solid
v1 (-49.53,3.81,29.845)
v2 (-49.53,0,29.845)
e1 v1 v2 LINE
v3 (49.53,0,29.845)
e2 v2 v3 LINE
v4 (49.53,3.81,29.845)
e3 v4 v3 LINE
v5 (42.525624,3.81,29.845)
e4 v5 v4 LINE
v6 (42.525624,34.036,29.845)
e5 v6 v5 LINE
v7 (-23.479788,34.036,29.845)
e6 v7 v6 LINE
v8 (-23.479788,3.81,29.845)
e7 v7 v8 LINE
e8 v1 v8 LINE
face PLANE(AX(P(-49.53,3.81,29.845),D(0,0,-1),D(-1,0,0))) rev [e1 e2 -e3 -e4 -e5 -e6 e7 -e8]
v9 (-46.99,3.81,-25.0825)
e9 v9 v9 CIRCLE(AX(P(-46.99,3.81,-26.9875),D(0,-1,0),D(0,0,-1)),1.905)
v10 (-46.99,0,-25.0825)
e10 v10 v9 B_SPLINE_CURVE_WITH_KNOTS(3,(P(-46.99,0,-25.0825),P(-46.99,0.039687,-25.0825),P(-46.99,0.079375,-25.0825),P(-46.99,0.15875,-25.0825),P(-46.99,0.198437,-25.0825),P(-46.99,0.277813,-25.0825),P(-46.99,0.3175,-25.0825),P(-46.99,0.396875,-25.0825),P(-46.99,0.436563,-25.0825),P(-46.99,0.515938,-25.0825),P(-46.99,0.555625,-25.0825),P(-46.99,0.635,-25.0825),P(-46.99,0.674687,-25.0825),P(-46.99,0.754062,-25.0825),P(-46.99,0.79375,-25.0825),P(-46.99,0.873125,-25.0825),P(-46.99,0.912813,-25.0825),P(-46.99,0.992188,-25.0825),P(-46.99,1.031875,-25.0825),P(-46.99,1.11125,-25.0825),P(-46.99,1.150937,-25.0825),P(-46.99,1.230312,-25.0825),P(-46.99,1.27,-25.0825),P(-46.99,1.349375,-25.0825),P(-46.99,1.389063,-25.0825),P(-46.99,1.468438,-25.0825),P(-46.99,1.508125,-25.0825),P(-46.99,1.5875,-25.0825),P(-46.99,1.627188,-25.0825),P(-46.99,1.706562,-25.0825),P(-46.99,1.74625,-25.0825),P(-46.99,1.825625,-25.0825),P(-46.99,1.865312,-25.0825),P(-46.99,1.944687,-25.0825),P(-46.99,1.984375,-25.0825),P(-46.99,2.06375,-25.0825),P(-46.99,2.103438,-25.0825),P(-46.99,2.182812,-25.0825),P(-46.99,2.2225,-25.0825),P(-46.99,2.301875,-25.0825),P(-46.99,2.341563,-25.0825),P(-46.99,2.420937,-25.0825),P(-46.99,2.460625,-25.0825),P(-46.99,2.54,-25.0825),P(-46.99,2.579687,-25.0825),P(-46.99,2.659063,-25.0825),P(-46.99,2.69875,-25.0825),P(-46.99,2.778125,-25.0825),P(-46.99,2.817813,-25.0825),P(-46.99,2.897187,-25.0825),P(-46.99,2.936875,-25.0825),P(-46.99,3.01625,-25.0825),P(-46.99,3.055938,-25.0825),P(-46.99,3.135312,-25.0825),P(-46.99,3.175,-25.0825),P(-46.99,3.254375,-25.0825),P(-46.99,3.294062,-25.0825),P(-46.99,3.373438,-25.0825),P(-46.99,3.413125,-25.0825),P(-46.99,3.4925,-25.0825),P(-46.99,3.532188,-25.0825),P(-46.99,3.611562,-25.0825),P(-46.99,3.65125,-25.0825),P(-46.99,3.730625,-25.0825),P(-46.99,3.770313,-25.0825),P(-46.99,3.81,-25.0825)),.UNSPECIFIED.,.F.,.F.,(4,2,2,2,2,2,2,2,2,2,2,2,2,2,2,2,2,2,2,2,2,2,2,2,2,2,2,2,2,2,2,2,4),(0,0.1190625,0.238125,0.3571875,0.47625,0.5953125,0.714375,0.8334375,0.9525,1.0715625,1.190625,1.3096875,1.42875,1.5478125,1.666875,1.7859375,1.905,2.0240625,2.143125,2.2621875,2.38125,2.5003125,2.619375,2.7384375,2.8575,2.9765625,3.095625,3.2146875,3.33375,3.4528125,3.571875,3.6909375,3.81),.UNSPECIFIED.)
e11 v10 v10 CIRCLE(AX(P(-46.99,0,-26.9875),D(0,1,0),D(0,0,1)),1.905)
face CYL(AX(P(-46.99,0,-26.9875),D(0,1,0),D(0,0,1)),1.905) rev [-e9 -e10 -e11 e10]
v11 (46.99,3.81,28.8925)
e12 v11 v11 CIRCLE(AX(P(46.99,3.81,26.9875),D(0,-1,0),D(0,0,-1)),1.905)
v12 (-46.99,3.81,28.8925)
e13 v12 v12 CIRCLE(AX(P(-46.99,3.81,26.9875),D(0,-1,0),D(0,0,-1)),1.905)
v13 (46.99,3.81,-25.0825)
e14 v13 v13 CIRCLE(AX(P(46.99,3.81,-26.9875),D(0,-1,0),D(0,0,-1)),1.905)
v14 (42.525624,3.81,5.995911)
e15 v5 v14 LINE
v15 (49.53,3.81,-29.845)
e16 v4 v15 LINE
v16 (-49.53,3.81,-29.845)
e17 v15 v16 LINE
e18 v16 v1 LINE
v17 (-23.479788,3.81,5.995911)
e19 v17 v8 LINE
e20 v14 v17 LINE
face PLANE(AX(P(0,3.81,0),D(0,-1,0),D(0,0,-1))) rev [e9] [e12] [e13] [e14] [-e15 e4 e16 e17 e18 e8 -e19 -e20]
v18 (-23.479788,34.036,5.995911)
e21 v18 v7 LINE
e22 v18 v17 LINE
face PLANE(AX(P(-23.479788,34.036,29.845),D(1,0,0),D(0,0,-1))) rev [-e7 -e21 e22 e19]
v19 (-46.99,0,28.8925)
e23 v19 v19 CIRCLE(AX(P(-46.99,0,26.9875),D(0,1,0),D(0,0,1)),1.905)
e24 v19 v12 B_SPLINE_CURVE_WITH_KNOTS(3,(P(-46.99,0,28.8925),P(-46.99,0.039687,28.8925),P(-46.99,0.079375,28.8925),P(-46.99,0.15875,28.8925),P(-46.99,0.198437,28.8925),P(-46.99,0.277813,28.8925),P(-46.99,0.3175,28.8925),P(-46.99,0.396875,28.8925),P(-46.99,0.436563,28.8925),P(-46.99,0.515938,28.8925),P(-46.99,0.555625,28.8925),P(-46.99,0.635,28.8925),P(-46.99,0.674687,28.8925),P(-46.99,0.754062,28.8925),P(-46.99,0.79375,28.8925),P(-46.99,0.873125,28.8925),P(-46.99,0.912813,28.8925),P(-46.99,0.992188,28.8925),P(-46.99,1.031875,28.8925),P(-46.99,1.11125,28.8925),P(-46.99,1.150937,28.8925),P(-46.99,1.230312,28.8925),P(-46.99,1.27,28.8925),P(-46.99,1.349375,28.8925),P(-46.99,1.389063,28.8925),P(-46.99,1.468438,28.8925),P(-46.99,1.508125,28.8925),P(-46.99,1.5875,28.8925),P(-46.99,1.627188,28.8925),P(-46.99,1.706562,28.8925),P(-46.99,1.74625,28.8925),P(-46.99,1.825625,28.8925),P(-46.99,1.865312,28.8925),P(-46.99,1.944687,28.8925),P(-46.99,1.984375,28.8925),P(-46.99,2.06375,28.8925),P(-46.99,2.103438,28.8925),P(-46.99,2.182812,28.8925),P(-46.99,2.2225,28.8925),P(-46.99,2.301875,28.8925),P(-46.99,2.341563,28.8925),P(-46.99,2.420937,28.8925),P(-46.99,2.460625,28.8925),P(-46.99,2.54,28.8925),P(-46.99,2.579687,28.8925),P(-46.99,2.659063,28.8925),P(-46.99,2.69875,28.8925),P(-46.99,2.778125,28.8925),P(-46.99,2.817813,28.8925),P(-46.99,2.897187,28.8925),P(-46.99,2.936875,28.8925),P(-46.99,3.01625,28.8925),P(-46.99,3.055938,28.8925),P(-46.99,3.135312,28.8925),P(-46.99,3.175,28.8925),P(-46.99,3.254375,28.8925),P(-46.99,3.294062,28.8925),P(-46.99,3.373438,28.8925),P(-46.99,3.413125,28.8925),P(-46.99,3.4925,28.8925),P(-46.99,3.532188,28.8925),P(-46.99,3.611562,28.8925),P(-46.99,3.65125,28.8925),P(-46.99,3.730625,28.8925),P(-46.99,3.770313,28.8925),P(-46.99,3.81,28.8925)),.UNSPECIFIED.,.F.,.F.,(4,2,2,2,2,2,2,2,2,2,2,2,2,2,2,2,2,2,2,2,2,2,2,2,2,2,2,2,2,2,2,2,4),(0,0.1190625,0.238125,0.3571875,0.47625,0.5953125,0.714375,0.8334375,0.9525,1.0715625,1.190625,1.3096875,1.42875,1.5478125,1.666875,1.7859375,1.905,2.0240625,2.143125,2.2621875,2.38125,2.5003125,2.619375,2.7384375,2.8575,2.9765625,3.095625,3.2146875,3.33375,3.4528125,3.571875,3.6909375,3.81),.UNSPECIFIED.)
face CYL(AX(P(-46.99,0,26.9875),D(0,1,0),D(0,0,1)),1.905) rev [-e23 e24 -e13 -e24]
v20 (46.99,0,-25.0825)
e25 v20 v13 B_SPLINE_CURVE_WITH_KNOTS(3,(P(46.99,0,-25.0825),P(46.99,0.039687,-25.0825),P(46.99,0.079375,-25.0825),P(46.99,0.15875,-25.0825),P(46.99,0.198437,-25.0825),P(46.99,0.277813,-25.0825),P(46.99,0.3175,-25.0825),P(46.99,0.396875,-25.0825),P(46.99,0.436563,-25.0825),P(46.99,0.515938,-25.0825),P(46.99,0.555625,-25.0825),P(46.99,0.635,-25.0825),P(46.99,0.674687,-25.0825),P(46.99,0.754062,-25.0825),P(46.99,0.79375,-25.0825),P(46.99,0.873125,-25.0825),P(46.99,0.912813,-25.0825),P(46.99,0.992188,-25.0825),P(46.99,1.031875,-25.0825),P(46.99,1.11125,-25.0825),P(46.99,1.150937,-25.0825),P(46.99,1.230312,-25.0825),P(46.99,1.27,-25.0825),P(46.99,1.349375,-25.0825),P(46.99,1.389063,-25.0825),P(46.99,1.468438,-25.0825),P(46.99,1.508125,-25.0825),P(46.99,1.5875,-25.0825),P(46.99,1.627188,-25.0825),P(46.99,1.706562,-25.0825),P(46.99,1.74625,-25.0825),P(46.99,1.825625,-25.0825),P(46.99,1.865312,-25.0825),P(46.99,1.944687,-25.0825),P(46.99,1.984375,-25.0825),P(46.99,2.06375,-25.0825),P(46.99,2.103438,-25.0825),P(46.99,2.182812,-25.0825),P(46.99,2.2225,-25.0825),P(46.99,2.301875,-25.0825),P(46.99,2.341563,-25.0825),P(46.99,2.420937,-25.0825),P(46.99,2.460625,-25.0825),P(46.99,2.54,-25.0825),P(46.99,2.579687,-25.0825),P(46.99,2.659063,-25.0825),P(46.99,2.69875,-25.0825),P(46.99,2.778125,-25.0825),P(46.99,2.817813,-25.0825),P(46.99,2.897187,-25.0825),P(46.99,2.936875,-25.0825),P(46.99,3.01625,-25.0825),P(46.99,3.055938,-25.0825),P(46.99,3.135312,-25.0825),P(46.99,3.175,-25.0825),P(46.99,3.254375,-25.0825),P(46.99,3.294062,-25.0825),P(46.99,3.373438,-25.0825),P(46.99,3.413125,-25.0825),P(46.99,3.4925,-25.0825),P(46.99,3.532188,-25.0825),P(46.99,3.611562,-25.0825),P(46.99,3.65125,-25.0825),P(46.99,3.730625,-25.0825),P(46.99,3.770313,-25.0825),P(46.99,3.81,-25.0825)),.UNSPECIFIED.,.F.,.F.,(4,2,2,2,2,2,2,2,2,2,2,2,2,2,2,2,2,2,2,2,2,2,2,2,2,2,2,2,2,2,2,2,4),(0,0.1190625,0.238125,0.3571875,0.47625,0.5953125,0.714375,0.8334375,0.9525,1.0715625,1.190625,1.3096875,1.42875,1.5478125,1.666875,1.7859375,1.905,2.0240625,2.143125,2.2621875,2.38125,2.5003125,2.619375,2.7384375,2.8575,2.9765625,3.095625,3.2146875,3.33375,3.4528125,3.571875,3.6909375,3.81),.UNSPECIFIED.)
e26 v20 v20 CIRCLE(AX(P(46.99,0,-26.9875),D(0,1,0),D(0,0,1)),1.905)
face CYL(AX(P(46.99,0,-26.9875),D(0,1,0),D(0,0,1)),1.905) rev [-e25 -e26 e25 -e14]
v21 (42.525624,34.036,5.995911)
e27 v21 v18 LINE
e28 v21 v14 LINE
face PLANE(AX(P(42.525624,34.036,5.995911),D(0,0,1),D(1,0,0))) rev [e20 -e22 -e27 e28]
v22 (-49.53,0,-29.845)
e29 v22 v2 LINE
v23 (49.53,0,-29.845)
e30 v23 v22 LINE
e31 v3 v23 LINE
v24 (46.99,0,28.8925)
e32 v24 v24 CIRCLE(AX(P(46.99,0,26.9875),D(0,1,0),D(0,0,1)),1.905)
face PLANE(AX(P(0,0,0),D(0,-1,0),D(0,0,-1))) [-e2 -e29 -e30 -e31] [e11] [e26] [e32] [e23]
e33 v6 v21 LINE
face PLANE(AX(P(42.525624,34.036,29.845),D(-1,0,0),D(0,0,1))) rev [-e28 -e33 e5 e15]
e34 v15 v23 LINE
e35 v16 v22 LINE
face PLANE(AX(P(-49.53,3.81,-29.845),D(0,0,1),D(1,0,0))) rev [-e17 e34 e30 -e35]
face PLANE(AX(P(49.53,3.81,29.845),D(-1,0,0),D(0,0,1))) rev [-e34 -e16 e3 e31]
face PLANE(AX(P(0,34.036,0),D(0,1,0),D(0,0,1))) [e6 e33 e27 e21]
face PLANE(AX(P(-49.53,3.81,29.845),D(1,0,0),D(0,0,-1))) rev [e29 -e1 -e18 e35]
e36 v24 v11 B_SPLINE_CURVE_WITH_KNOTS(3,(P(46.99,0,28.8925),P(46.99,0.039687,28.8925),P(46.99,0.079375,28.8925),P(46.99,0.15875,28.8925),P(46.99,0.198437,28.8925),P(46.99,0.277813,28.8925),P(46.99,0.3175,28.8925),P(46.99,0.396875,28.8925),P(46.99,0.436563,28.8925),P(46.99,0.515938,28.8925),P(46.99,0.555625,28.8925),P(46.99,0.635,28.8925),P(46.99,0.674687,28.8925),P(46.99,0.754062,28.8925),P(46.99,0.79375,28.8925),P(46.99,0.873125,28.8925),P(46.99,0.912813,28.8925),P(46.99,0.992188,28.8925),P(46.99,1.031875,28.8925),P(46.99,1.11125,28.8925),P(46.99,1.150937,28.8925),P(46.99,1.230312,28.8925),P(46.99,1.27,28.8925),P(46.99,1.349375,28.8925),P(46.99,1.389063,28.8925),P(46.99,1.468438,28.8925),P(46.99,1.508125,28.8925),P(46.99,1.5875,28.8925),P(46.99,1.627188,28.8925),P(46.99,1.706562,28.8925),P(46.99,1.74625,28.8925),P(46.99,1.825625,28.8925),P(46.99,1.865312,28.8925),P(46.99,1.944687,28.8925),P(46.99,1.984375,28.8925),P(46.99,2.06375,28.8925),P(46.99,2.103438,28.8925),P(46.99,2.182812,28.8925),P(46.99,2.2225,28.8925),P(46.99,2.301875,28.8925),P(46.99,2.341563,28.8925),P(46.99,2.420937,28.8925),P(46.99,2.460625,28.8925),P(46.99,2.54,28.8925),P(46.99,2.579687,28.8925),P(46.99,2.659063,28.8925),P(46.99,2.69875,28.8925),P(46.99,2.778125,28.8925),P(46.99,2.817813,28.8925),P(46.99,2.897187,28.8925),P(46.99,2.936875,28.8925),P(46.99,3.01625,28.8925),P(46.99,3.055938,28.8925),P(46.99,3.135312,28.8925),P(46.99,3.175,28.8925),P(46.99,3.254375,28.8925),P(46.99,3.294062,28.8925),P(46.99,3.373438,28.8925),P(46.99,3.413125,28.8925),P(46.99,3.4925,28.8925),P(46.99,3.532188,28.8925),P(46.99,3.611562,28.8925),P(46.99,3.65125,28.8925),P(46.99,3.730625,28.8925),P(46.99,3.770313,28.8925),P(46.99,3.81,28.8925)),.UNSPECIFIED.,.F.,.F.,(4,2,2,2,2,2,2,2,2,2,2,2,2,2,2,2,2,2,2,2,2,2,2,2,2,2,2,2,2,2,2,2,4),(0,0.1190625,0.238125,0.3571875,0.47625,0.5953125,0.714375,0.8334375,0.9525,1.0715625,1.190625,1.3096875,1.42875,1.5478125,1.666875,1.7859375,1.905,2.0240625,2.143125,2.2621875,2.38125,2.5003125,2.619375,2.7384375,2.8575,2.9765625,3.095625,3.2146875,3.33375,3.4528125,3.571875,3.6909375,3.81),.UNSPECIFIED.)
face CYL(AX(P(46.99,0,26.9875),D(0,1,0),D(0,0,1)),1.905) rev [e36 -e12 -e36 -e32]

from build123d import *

# Parameters (mm, degrees)
SKETCH2_W               = 99.06
SKETCH2_H               = 59.69
BOSS_EXTRUDE1_DEPTH     = 3.81
CUT_EXTRUDE1_DEPTH      = 58.952230544
CUT_EXTRUDE1_DEPTH_BACK = 58.952230544
SKETCH3_R               = 1.905
SKETCH4_W               = 66.005411874
SKETCH4_H               = 23.84908854
BOSS_EXTRUDE2_DEPTH     = 30.226


with BuildPart() as part:
    # Sketch2 → Boss-Extrude1 (new body)
    with BuildSketch(Plane(origin=(0, 0, 0), x_dir=(1, 0, 0), z_dir=(0, 1, 0))):
        Rectangle(SKETCH2_W, SKETCH2_H)
    extrude(amount=BOSS_EXTRUDE1_DEPTH)

    # Sketch3 → Cut-Extrude1 (cut, two sides: drawn at the far end of the back side and taken through both)
    with BuildSketch(Plane(origin=(0, 3.81, 0), x_dir=(1, 0, 0), z_dir=(0, 1, 0)).offset(-CUT_EXTRUDE1_DEPTH_BACK)):
        with Locations(Location((-46.99, 26.9875, 0), (0, 0, 270))):
            Circle(SKETCH3_R)
        with Locations(Location((46.99, 26.9875, 0), (0, 0, 270))):
            Circle(SKETCH3_R)
        with Locations(Location((46.99, -26.9875, 0), (0, 0, 270))):
            Circle(SKETCH3_R)
        with Locations(Location((-46.99, -26.9875, 0), (0, 0, 270))):
            Circle(SKETCH3_R)
    extrude(amount=CUT_EXTRUDE1_DEPTH + CUT_EXTRUDE1_DEPTH_BACK, mode=Mode.SUBTRACT)

    # Sketch4 → Boss-Extrude2 (add)
    with BuildSketch(Plane(origin=(0, 3.81, 0), x_dir=(1, 0, 0), z_dir=(0, 1, 0))):
        with Locations((9.522918202, -17.92045573)):
            Rectangle(SKETCH4_W, SKETCH4_H)
    extrude(amount=BOSS_EXTRUDE2_DEPTH)


solid = part.part
